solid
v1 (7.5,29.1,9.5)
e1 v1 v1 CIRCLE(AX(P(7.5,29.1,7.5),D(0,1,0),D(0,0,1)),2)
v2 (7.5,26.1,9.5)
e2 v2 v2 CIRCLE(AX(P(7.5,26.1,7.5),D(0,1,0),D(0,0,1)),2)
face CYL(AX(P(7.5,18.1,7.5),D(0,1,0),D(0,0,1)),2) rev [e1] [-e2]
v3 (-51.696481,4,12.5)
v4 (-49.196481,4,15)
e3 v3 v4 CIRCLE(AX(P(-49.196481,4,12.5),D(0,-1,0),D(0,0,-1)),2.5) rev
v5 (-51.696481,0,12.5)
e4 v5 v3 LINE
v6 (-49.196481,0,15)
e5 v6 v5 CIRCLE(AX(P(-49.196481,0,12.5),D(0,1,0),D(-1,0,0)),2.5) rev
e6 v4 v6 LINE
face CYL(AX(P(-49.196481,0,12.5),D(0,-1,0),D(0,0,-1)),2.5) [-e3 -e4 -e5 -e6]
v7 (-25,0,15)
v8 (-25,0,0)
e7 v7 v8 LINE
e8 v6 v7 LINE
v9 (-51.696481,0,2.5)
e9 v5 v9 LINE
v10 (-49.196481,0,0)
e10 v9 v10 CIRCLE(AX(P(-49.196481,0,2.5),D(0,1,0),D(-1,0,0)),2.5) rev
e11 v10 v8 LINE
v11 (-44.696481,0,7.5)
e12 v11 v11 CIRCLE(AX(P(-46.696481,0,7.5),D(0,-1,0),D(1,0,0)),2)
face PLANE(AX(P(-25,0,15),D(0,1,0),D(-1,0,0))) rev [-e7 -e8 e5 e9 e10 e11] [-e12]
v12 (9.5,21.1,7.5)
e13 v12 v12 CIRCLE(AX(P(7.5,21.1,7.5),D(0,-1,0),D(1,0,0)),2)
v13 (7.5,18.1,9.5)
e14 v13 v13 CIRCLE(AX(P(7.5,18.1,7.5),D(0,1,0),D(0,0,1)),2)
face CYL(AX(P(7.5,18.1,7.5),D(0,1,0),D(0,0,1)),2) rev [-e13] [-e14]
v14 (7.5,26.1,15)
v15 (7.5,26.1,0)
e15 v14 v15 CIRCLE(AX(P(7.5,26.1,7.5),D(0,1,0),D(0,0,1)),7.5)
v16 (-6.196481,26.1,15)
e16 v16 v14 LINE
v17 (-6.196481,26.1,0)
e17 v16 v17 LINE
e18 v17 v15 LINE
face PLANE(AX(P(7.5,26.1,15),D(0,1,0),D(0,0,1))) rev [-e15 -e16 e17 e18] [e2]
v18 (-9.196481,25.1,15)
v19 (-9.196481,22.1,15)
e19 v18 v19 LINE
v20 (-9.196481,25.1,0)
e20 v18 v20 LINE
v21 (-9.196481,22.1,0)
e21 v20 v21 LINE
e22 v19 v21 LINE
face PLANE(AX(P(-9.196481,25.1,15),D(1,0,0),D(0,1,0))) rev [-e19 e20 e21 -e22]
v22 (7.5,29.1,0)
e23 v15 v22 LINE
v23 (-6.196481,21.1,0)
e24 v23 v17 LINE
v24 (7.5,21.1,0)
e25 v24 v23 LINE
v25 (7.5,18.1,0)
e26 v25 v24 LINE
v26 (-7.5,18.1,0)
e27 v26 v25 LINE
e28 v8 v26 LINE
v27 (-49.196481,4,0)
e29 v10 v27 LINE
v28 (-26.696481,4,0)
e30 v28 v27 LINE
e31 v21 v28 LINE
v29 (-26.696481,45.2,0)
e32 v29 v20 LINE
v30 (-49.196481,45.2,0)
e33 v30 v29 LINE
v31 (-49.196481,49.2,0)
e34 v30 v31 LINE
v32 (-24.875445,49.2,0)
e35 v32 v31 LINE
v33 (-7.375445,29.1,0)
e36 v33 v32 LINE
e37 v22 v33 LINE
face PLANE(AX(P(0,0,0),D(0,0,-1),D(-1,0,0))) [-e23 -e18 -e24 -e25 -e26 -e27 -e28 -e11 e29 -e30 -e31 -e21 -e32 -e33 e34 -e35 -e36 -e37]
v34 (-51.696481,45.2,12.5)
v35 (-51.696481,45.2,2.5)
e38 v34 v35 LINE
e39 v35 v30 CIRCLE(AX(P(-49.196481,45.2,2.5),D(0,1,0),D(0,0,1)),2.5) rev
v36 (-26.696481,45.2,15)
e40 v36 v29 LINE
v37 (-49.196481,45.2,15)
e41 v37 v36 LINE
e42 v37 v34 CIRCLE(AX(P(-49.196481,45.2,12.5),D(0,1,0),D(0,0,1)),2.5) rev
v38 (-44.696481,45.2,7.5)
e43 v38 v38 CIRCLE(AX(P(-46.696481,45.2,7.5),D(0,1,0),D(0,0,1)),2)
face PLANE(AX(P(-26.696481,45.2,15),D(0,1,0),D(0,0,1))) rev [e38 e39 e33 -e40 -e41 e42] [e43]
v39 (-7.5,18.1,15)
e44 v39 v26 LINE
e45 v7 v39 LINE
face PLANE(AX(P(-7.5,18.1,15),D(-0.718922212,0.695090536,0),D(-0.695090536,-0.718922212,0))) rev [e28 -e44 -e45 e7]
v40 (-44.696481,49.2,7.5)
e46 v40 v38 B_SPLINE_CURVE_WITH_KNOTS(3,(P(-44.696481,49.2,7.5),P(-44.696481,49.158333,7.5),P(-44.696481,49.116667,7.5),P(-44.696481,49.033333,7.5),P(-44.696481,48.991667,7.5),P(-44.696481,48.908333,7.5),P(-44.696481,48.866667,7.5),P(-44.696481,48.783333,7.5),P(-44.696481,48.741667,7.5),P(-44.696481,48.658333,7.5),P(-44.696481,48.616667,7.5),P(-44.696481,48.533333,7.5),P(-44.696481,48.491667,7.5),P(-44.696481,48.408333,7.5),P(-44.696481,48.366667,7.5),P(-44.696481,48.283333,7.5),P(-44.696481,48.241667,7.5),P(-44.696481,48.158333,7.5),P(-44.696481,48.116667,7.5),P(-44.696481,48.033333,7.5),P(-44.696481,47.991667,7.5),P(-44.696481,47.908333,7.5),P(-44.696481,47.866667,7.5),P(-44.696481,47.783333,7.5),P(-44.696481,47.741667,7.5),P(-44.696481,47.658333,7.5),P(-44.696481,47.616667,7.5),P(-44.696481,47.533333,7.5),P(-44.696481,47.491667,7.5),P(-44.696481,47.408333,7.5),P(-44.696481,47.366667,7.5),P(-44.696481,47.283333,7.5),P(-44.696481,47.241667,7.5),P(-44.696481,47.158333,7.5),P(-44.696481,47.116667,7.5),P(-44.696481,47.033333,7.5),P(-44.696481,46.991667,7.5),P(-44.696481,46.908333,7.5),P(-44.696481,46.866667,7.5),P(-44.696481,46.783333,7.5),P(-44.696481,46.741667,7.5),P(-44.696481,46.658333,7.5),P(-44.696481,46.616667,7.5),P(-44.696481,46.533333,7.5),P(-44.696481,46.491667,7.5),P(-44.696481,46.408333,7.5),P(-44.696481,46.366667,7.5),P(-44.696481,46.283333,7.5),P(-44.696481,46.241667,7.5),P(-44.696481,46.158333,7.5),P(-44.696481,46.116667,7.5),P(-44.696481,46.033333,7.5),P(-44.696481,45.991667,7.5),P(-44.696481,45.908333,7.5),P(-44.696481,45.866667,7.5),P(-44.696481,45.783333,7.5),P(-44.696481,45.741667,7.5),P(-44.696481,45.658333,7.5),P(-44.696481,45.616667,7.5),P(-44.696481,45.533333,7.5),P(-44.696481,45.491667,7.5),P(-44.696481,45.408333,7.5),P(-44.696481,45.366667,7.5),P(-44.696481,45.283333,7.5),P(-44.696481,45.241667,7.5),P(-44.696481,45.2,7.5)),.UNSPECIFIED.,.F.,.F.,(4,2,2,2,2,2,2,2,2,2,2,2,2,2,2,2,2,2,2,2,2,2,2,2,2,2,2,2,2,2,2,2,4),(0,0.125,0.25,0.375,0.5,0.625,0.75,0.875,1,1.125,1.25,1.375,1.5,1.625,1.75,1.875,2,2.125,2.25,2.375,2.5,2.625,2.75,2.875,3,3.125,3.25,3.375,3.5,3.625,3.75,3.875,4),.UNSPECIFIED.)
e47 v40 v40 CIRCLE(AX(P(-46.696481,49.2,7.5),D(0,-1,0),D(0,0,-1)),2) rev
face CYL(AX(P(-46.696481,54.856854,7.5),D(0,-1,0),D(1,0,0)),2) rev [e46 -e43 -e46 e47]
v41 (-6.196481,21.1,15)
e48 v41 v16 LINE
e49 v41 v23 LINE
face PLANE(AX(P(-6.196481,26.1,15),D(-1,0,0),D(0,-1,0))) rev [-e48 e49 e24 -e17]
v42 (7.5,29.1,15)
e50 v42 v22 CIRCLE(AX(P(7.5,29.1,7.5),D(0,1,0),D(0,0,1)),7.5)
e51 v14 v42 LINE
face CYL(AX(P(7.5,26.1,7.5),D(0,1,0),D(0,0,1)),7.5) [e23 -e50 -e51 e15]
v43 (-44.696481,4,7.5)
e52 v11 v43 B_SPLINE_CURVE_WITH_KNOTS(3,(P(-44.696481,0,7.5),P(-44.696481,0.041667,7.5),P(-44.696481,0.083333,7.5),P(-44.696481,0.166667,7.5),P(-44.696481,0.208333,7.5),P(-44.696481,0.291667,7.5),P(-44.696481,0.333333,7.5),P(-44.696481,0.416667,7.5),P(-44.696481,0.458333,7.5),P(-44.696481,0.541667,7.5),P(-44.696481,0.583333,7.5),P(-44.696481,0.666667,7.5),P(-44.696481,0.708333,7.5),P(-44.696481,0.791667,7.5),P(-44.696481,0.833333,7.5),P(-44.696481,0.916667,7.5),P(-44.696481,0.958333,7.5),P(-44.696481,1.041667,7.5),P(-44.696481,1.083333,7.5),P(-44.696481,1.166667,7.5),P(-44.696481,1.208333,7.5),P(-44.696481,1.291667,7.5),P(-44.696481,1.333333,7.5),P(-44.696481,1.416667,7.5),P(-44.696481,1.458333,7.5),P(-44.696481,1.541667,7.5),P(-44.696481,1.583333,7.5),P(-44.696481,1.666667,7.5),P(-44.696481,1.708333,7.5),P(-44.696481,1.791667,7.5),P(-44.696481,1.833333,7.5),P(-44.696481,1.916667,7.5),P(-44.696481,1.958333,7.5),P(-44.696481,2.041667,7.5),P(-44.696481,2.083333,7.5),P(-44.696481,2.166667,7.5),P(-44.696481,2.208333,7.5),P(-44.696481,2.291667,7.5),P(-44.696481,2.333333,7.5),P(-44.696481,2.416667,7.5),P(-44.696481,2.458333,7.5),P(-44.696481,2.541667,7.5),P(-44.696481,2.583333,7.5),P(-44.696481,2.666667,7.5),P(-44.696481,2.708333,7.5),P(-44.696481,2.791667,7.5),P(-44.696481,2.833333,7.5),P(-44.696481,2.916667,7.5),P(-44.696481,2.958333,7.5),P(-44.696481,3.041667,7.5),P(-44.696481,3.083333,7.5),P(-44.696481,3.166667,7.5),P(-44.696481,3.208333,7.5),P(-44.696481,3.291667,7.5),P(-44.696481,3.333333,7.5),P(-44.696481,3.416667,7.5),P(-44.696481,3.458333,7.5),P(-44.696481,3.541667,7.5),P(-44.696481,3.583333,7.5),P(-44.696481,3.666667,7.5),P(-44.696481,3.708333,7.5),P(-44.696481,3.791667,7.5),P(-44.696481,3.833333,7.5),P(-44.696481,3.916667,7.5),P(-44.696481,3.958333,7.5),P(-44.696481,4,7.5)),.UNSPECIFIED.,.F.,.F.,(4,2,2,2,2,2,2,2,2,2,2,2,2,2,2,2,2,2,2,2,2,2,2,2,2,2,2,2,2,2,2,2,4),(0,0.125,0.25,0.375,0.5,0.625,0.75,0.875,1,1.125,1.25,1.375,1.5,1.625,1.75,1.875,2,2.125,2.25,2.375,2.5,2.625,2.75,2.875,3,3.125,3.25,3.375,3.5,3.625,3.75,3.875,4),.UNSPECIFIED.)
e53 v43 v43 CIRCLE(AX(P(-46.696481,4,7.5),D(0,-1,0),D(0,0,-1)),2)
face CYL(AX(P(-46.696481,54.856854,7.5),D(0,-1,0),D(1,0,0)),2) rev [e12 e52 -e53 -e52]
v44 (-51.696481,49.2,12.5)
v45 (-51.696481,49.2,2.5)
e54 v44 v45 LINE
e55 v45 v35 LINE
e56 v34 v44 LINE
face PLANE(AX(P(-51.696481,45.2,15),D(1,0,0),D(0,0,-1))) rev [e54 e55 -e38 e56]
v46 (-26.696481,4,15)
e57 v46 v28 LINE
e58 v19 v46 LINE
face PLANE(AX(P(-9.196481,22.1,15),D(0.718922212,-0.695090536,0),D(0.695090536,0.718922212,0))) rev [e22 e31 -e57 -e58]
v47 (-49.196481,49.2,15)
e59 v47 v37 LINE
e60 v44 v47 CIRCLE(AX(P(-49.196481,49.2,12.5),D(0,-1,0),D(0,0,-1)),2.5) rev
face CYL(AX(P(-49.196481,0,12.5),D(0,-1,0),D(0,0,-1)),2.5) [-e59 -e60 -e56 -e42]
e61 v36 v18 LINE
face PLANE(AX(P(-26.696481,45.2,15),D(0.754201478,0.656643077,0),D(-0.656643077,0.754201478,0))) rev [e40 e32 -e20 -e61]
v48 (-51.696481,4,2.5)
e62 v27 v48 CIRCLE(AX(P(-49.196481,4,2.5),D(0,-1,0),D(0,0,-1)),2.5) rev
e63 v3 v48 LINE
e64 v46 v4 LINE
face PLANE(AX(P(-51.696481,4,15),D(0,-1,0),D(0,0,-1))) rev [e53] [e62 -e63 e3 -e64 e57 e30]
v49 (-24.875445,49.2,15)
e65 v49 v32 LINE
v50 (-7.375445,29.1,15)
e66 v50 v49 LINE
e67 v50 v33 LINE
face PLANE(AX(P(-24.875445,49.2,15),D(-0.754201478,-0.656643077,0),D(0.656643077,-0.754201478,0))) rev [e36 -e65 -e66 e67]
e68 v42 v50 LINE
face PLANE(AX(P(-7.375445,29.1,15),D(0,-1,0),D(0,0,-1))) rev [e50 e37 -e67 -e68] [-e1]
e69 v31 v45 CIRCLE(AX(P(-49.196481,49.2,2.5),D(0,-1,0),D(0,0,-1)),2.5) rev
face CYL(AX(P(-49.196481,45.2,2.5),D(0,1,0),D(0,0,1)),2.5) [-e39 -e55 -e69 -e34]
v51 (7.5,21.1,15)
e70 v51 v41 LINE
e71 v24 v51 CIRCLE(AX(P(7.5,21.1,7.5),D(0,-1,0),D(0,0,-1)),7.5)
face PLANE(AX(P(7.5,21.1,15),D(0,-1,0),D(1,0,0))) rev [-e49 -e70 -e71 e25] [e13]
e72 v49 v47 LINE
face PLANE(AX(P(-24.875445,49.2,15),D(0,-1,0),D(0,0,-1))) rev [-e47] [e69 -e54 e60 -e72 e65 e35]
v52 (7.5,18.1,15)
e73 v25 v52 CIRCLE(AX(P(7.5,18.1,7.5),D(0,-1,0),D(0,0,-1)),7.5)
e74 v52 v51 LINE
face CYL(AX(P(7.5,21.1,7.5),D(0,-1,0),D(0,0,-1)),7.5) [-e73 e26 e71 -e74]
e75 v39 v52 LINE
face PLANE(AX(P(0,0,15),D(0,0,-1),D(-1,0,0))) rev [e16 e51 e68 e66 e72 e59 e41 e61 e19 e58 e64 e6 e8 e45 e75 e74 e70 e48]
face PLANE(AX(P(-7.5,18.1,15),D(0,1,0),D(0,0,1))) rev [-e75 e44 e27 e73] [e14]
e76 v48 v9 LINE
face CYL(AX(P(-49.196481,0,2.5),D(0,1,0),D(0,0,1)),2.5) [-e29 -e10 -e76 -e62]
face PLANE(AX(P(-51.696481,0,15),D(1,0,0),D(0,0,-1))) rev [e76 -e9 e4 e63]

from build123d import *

# Parameters (mm, degrees)
EXTRUDE_1_DEPTH     = 15
CUT_EXTRUDE_1_REACH = 74.926
SKETCH_2_R          = 2
SKETCH_3_R          = 7.5
EXTRUDE_2_DEPTH     = 3
EXTRUDE_START       = -3
SKETCH_4_R          = 7.5
EXTRUDE_3_DEPTH     = 3
SKETCH_5_R          = 2
CUT_EXTRUDE_2_DEPTH = 11
FILLET_1_R          = 2.5


with BuildPart() as part:
    # 草圖1 → 填料-伸長1 (new body)
    with BuildSketch(Plane.XY):
        Polygon((-26.696480976, 45.2), (-47.696480976, 45.2), (-51.696480976, 45.2), (-51.696480976, 49.2), (-24.875445442, 49.2), (-7.375445442, 29.1), (7.5, 29.1), (7.5, 26.1), (-6.196480976, 26.1), (-6.196480976, 21.1), (7.5, 21.1), (7.5, 18.1), (-7.5, 18.1), (-25, 0), (-51.696480976, 0), (-51.696480976, 4), (-47.696480976, 4), (-26.696480976, 4), (-9.196480976, 22.1), (-9.196480976, 25.1), align=None)
    extrude(amount=EXTRUDE_1_DEPTH)

    # 除料-伸長1: up to this face of the body (flat: up to its plane)
    cut_extrude_1_end = Plane(part.part.faces().sort_by_distance((-38.285963209, 49.2, 7.5))[0])
    # 草圖2 → 除料-伸長1 (cut, up to the picked face)
    with BuildSketch(Plane.XZ, mode=Mode.PRIVATE) as cut_extrude_1_sk1:
        with Locations((-46.696480976, 7.5)):
            Circle(SKETCH_2_R)
    cut_extrude_1_tool1 = split(extrude(cut_extrude_1_sk1.sketch, amount=-CUT_EXTRUDE_1_REACH, mode=Mode.PRIVATE), bisect_by=cut_extrude_1_end, keep=Keep.BOTH, mode=Mode.PRIVATE)
    add(cut_extrude_1_tool1.solids().sort_by(Axis((-46.696481, 0, 7.5), (0, 1, 0)))[0], mode=Mode.SUBTRACT)

    # 草圖3 → 填料-伸長2 (add)
    with BuildSketch(Plane.XZ.offset(-18.1)):
        with Locations((7.5, 7.5)):
            Circle(SKETCH_3_R)
    extrude(amount=-EXTRUDE_2_DEPTH)

    # 草圖4 → 填料-伸長3 (add)
    with BuildSketch(Plane(origin=(0, 29.1, 0), x_dir=(1, 0, 0), z_dir=(0, 1, 0)).offset(EXTRUDE_START)):
        with Locations((7.5, -7.5)):
            Circle(SKETCH_4_R)
    extrude(amount=EXTRUDE_3_DEPTH)

    # 草圖5 → 除料-伸長2 (cut)
    with BuildSketch(Plane(origin=(0, 29.1, 0), x_dir=(1, 0, 0), z_dir=(0, 1, 0))):
        with Locations(Location((7.5, -7.5, 0), (0, 0, 270))):
            Circle(SKETCH_5_R)
    extrude(amount=-CUT_EXTRUDE_2_DEPTH, mode=Mode.SUBTRACT)

    # 圓角1
    fillet_1_edges = [part.edges().sort_by_distance(p)[0] for p in [
        (-51.696480976, 47.2, 0),
        (-51.696480976, 2, 15),
        (-51.696480976, 2, 0),
        (-51.696480976, 47.2, 15),
    ]]
    fillet(fillet_1_edges, radius=FILLET_1_R)


solid = part.part
